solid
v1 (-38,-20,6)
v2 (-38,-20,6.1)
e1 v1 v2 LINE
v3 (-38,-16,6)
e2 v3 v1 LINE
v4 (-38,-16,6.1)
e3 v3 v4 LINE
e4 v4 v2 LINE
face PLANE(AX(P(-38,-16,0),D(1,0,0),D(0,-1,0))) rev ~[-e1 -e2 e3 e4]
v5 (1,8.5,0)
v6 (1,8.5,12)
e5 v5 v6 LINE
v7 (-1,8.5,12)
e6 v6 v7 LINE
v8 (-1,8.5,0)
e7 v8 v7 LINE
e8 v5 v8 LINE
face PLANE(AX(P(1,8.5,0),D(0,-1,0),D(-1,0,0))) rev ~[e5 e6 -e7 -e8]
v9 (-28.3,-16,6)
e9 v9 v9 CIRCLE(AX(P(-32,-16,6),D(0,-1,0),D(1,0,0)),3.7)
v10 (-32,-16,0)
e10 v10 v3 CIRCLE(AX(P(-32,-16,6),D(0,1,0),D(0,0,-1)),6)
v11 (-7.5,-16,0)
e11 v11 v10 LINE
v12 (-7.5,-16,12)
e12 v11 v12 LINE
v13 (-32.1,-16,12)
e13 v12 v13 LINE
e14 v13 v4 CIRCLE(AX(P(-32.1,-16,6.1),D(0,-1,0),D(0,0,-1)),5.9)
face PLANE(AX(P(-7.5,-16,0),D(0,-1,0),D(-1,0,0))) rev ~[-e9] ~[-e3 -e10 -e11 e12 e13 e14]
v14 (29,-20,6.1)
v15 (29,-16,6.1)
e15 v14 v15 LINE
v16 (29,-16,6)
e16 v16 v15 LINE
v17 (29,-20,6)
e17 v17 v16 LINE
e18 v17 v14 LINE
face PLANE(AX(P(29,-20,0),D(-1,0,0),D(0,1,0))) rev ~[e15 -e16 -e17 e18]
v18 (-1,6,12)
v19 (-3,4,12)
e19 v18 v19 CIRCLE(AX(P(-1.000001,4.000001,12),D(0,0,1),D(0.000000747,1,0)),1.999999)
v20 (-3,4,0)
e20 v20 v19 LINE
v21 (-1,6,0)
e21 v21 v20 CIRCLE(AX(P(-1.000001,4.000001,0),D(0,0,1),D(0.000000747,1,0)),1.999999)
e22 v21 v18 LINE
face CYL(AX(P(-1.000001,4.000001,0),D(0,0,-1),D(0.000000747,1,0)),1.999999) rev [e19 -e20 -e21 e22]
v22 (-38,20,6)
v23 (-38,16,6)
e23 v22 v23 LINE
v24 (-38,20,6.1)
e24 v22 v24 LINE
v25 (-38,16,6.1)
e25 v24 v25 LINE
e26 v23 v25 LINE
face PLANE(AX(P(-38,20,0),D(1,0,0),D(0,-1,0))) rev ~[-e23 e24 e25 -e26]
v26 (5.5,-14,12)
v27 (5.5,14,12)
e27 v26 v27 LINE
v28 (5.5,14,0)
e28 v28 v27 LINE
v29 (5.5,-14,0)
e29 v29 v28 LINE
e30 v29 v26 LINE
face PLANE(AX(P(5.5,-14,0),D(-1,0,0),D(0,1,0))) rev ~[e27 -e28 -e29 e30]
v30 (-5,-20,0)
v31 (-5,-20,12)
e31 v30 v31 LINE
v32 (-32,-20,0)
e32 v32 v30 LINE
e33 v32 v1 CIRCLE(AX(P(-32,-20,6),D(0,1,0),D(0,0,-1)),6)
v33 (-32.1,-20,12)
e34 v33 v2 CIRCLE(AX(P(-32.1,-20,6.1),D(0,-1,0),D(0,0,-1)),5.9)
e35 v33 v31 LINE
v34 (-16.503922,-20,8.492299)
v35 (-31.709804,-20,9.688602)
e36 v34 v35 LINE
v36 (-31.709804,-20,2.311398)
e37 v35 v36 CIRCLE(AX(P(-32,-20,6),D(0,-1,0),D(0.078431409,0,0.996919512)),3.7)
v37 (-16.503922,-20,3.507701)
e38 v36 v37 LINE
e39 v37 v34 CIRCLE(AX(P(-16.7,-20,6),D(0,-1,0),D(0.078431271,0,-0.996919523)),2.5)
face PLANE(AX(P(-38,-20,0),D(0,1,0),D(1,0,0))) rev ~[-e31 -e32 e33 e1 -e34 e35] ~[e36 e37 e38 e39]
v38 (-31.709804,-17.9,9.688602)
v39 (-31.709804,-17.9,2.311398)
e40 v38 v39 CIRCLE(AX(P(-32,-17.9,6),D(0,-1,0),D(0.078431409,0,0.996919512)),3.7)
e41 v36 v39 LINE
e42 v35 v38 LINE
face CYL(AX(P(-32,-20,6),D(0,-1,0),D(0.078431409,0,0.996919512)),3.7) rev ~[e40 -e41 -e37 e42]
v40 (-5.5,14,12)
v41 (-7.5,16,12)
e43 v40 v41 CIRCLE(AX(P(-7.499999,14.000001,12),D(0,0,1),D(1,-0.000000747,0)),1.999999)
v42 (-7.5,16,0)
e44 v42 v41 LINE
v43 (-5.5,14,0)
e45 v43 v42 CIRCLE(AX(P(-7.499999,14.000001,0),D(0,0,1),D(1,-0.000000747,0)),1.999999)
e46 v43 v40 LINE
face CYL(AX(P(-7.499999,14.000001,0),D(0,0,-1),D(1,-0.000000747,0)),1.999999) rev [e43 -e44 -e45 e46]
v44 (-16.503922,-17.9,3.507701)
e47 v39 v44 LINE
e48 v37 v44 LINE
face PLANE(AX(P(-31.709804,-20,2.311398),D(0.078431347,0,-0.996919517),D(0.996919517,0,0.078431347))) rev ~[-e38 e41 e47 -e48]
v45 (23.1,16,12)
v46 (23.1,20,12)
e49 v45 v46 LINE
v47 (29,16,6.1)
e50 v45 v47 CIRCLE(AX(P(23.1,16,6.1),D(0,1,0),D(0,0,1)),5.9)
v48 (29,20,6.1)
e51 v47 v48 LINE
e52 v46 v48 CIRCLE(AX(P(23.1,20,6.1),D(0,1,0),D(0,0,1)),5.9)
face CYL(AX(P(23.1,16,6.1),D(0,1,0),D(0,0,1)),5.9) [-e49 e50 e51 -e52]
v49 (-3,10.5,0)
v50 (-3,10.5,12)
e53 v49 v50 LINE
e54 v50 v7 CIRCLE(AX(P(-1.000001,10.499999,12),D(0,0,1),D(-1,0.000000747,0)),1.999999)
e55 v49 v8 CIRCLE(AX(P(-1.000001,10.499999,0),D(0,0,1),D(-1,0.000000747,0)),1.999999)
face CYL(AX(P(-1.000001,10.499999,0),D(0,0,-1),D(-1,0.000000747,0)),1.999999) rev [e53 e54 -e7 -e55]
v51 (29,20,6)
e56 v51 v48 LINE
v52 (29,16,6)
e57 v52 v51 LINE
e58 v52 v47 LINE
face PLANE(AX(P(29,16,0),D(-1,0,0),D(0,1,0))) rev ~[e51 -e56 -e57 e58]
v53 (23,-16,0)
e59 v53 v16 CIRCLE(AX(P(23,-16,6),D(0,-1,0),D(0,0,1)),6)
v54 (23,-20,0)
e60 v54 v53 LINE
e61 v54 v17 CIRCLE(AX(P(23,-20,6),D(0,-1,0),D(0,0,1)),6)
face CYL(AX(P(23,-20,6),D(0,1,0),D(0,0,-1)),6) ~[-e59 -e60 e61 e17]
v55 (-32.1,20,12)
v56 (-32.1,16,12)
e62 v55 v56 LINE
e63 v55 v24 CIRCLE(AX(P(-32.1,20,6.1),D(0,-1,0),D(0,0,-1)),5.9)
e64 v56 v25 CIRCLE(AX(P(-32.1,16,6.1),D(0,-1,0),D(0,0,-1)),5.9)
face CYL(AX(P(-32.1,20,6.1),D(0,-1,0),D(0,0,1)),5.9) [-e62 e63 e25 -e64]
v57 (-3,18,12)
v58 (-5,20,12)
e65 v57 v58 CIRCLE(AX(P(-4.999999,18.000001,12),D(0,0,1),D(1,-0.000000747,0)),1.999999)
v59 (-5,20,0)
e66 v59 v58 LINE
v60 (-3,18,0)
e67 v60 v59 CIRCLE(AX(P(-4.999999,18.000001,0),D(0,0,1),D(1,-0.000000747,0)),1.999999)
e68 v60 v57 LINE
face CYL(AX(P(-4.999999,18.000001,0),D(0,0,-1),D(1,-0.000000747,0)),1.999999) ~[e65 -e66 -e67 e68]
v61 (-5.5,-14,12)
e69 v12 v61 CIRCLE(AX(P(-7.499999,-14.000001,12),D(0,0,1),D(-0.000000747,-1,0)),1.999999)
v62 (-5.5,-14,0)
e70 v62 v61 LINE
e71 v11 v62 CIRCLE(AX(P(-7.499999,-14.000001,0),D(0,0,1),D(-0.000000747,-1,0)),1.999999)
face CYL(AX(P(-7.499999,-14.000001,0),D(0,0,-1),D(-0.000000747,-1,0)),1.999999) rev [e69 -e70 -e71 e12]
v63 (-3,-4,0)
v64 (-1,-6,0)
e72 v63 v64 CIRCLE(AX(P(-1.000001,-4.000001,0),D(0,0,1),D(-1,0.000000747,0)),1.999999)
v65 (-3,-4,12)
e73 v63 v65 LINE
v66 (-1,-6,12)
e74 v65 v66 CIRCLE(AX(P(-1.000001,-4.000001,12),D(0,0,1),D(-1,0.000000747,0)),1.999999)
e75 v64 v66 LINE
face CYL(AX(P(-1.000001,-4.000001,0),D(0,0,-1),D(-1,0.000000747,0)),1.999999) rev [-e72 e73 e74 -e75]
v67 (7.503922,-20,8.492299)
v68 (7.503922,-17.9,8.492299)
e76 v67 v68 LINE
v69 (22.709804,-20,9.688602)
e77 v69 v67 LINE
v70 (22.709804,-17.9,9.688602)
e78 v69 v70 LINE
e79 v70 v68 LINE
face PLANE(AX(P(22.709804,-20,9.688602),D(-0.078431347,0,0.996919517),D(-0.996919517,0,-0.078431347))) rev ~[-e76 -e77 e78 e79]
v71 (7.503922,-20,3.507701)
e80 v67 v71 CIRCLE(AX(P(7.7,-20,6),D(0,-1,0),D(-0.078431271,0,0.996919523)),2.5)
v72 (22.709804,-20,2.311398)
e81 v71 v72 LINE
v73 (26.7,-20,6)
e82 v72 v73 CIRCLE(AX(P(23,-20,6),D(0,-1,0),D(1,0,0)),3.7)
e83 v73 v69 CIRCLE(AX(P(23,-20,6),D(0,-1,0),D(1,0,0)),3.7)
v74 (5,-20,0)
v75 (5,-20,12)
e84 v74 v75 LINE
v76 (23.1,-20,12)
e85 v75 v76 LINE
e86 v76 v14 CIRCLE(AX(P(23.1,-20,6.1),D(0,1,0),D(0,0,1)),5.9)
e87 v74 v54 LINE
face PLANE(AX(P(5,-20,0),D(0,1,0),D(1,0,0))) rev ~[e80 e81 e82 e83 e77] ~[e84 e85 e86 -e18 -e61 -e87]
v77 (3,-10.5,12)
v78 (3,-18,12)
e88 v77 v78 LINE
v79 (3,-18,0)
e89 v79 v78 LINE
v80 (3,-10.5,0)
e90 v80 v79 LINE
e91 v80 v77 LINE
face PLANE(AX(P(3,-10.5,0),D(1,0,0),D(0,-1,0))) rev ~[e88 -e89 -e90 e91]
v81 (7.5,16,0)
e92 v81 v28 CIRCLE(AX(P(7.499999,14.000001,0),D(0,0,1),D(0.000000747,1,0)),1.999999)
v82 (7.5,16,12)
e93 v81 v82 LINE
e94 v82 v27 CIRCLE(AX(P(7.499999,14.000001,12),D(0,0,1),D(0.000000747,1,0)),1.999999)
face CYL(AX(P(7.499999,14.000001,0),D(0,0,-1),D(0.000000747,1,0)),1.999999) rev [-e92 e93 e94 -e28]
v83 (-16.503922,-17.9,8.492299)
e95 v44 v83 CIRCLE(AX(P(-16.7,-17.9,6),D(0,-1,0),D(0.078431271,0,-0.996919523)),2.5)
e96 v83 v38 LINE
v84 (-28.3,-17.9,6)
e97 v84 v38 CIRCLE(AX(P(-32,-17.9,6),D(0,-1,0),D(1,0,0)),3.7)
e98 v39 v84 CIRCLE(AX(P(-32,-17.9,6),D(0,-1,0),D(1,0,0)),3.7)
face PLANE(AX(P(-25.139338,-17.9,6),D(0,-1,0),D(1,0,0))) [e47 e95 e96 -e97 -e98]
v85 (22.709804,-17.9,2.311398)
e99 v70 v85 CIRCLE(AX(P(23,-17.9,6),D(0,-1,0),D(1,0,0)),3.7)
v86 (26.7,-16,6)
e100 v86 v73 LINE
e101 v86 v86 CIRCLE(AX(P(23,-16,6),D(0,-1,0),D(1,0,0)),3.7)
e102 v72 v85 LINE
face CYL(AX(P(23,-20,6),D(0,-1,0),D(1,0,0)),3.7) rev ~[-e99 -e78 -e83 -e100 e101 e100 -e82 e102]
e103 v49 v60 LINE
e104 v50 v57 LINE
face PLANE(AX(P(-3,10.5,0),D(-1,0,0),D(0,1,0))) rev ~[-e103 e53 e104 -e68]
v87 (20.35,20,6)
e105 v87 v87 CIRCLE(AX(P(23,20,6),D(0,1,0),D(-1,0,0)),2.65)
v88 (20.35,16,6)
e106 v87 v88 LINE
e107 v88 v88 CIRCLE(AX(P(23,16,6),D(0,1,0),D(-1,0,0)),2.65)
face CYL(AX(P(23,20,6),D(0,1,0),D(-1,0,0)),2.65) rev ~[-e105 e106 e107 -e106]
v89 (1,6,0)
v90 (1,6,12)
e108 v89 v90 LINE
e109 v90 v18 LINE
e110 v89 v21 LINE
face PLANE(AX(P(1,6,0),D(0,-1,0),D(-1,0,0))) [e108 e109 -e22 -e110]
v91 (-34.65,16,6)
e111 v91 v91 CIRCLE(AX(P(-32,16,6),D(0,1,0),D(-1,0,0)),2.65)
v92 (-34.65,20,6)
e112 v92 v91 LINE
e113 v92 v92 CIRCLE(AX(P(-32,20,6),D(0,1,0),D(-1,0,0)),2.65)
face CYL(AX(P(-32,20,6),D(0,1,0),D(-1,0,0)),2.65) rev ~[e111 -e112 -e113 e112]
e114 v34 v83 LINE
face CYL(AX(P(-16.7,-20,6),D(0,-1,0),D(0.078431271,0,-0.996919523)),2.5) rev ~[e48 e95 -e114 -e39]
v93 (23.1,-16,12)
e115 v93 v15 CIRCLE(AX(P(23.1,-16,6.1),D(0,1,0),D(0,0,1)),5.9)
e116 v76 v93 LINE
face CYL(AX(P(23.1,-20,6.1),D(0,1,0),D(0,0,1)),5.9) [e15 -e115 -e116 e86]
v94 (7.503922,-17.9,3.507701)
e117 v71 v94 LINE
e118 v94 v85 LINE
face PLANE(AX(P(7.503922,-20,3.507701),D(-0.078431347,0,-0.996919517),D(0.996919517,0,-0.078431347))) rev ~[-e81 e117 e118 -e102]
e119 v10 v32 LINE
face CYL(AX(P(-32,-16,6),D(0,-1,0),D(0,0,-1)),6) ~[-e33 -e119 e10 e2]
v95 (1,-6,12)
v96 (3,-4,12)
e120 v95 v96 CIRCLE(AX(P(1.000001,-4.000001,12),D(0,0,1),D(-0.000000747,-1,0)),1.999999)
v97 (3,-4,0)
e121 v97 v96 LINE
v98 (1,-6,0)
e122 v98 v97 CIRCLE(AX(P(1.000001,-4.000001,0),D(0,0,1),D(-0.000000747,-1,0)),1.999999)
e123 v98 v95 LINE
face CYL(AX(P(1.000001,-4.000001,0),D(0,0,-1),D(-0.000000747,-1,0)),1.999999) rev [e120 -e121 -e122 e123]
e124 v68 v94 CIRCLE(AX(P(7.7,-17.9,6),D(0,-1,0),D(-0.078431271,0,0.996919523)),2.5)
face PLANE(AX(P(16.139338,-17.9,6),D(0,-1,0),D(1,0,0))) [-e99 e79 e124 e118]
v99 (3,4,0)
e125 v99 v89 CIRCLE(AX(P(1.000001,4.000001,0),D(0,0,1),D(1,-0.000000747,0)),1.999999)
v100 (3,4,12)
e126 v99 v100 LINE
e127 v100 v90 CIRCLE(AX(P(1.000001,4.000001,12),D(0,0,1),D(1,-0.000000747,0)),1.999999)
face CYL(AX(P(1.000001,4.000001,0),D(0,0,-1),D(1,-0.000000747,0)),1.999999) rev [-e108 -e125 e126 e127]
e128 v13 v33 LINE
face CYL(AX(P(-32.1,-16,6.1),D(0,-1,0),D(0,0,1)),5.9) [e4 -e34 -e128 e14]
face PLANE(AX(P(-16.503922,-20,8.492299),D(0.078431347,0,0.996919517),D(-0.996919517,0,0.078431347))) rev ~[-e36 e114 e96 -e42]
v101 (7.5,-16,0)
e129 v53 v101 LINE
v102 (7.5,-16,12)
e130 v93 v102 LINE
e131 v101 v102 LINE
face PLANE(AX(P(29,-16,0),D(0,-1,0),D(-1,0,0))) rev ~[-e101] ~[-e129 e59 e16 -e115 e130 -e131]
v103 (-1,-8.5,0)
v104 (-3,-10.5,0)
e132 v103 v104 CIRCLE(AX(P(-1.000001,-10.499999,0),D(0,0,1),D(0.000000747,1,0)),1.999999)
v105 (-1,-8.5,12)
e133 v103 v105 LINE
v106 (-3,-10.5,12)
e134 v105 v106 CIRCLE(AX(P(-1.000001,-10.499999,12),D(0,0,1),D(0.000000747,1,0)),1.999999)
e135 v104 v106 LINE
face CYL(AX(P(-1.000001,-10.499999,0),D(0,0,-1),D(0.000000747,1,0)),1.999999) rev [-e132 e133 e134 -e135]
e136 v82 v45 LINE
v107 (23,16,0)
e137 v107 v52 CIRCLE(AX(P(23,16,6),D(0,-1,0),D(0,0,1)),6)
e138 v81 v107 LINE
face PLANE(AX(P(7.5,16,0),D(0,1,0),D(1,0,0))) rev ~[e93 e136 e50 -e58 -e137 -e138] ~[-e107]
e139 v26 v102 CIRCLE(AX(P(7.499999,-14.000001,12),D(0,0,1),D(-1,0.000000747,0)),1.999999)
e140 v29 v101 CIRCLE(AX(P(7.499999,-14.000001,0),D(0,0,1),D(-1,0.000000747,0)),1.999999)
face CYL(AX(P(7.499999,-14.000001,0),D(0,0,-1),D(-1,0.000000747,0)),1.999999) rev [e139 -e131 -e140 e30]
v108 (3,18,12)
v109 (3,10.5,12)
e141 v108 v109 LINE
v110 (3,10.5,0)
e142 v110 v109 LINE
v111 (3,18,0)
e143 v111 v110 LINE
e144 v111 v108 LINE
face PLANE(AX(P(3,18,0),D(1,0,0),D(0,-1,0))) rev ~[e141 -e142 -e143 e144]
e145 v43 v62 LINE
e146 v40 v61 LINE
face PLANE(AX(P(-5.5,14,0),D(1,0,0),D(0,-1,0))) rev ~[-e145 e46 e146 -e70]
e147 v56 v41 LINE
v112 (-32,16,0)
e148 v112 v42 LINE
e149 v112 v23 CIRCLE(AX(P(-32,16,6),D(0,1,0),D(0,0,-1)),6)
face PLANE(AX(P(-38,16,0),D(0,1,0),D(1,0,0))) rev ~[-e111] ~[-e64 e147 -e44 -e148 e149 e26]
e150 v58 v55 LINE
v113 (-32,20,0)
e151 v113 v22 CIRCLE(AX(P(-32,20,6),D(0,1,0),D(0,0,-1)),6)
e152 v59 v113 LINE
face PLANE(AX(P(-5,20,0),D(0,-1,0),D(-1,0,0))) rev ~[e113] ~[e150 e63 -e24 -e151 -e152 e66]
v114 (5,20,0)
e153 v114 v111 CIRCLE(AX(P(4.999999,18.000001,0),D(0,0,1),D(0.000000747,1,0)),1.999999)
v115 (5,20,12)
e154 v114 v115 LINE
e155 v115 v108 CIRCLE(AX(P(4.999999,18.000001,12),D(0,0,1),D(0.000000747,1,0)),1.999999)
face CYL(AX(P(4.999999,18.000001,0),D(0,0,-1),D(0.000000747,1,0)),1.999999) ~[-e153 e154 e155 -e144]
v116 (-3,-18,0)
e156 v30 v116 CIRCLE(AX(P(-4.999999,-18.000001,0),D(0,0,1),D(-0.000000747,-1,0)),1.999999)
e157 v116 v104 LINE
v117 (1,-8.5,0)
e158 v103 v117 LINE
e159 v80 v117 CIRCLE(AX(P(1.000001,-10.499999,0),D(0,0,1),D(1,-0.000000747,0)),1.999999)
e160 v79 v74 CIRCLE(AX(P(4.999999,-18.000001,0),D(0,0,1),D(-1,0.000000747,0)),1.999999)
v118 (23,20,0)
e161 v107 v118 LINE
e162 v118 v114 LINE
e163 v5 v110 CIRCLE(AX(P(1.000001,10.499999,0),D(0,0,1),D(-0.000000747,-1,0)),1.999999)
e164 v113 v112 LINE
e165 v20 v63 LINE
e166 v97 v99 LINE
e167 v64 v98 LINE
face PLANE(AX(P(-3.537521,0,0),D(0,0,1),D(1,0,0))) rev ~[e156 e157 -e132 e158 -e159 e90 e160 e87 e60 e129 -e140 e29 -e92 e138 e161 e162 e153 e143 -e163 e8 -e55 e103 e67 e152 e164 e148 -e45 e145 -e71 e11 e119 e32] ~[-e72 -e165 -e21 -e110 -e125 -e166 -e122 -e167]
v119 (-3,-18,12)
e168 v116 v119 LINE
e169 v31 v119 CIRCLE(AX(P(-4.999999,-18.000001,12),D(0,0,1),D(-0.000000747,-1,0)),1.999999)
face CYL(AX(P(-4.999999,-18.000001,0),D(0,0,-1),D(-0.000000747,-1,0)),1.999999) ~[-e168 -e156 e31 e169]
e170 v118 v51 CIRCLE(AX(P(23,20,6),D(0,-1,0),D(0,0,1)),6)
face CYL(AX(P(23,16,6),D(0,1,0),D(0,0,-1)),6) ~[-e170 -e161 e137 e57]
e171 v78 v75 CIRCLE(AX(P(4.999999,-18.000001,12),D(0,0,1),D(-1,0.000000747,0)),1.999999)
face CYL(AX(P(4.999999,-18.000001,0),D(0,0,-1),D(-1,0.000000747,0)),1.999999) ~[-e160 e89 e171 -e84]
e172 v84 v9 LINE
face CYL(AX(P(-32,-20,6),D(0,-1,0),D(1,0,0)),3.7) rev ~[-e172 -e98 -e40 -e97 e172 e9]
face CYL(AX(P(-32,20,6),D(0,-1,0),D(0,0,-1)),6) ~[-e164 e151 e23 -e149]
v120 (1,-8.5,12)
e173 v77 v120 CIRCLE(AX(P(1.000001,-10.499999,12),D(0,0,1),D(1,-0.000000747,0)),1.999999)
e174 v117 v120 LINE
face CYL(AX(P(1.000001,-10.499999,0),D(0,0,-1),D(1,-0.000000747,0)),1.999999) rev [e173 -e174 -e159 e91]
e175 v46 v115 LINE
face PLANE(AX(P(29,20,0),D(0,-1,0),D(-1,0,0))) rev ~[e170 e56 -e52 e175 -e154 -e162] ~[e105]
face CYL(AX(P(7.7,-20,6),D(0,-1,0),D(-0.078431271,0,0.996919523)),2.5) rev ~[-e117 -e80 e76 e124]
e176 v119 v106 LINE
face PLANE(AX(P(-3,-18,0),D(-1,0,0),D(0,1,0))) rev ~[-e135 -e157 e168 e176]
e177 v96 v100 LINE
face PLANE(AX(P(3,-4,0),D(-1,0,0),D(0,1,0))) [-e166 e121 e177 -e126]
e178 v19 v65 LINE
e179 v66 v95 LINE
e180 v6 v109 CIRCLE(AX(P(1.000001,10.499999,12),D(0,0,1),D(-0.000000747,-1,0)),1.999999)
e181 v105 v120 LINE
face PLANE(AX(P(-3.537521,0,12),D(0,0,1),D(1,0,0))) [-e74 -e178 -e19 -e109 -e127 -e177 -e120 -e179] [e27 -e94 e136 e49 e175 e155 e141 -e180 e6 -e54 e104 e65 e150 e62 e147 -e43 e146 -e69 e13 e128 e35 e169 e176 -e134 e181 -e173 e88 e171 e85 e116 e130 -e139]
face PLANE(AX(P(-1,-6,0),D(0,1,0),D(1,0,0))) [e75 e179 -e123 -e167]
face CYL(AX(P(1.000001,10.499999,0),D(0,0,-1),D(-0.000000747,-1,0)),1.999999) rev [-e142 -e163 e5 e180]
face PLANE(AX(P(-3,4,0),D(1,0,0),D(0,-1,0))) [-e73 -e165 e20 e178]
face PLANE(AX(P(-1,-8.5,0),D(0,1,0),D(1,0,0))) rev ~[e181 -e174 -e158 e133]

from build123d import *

# Parameters (mm, degrees)
PAD_DEPTH       = 12
SKETCH001_R     = 3.7
POCKET_DEPTH    = 5
POCKET001_DEPTH = 2.1
SKETCH003_R     = 2.65
POCKET002_DEPTH = 5
FILLET_R        = 6
FILLET001_R     = 6
FILLET002_R     = 6
FILLET003_R     = 6
FILLET004_R     = 5.9
FILLET005_R     = 5.9
FILLET006_R     = 5.9
FILLET007_R     = 5.9


with BuildPart() as part:
    # Sketch → Pad (new body)
    with BuildSketch(Plane.XY):
        with BuildLine():
            Line((-3, 10.5), (-3, 18))
            ThreePointArc((-3, 18), (-3.585786, 19.414214), (-5, 20))
            Line((-5, 20), (-38, 20))
            Line((-38, 20), (-38, 16))
            Line((-38, 16), (-7.5, 16))
            ThreePointArc((-5.5, 14), (-6.085786, 15.414214), (-7.5, 16))
            Line((-5.5, 14), (-5.5, -14))
            ThreePointArc((-7.5, -16), (-6.085786, -15.414214), (-5.5, -14))
            Line((-7.5, -16), (-38, -16))
            Line((-38, -16), (-38, -20))
            Line((-38, -20), (-5, -20))
            ThreePointArc((-5, -20), (-3.585786, -19.414214), (-3, -18))
            Line((-3, -18), (-3, -10.5))
            ThreePointArc((-1, -8.5), (-2.414214, -9.085786), (-3, -10.5))
            Line((-1, -8.5), (1, -8.5))
            ThreePointArc((3, -10.5), (2.414214, -9.085786), (1, -8.5))
            Line((3, -10.5), (3, -18))
            ThreePointArc((3, -18), (3.585786, -19.414214), (5, -20))
            Line((5, -20), (29, -20))
            Line((29, -20), (29, -16))
            Line((29, -16), (7.5, -16))
            ThreePointArc((5.5, -14), (6.085786, -15.414214), (7.5, -16))
            Line((5.5, -14), (5.5, 14))
            ThreePointArc((7.5, 16), (6.085786, 15.414214), (5.5, 14))
            Line((7.5, 16), (29, 16))
            Line((29, 16), (29, 20))
            Line((29, 20), (5, 20))
            ThreePointArc((5, 20), (3.585786, 19.414214), (3, 18))
            Line((3, 18), (3, 10.5))
            ThreePointArc((1, 8.5), (2.414214, 9.085786), (3, 10.5))
            Line((1, 8.5), (-1, 8.5))
            ThreePointArc((-3, 10.5), (-2.414214, 9.085786), (-1, 8.5))
        make_face()
        with BuildLine():
            Line((3, -4), (3, 4))
            ThreePointArc((3, 4), (2.414214, 5.414214), (1, 6))
            Line((1, 6), (-1, 6))
            ThreePointArc((-1, 6), (-2.414214, 5.414214), (-3, 4))
            Line((-3, 4), (-3, -4))
            ThreePointArc((-3, -4), (-2.414214, -5.414214), (-1, -6))
            Line((-1, -6), (1, -6))
            ThreePointArc((1, -6), (2.414214, -5.414214), (3, -4))
        make_face(mode=Mode.SUBTRACT)
    extrude(amount=PAD_DEPTH)

    # Sketch001 (on Face11 of Pad) → Pocket (cut)
    with BuildSketch(Plane.XZ.offset(20)):
        with Locations((-32, 6)):
            Circle(SKETCH001_R)
        with Locations((23, 6)):
            Circle(SKETCH001_R)
    extrude(amount=-POCKET_DEPTH, mode=Mode.SUBTRACT)

    # Sketch002 (on Face23 of Pocket) → Pocket001 (cut)
    with BuildSketch(Plane.XZ.offset(20)):
        with BuildLine():
            ThreePointArc((-31.709804, 9.688602), (-35.7, 6), (-31.709804, 2.311398))
            Line((-31.709804, 2.311398), (-16.503922, 3.507701))
            ThreePointArc((-16.503922, 3.507701), (-14.2, 6), (-16.503922, 8.492299))
            Line((-16.503922, 8.492299), (-31.709804, 9.688602))
        make_face()
        with BuildLine():
            ThreePointArc((22.709804, 2.311398), (26.7, 6), (22.709804, 9.688602))
            Line((22.709804, 9.688602), (7.503922, 8.492299))
            ThreePointArc((7.503922, 8.492299), (5.2, 6), (7.503922, 3.507701))
            Line((7.503922, 3.507701), (22.709804, 2.311398))
        make_face()
    extrude(amount=-POCKET001_DEPTH, mode=Mode.SUBTRACT)

    # Sketch003 (on Face31 of Pocket001) → Pocket002 (cut)
    with BuildSketch(Plane(origin=(0, 20, 0), x_dir=(-1, 0, 0), z_dir=(0, 1, 0))):
        with Locations((-23, 6)):
            Circle(SKETCH003_R)
        with Locations((32, 6)):
            Circle(SKETCH003_R)
    extrude(amount=-POCKET002_DEPTH, mode=Mode.SUBTRACT)

    # Fillet
    fillet_edges = [part.edges().sort_by_distance(p)[0] for p in [
        (29, 18, 0),
    ]]
    fillet(fillet_edges, radius=FILLET_R)

    # Fillet001
    fillet001_edges = [part.edges().sort_by_distance(p)[0] for p in [
        (29, -18, 0),
    ]]
    fillet(fillet001_edges, radius=FILLET001_R)

    # Fillet002
    fillet002_edges = [part.edges().sort_by_distance(p)[0] for p in [
        (-38, -18, 0),
    ]]
    fillet(fillet002_edges, radius=FILLET002_R)

    # Fillet003
    fillet003_edges = [part.edges().sort_by_distance(p)[0] for p in [
        (-38, 18, 0),
    ]]
    fillet(fillet003_edges, radius=FILLET003_R)

    # Fillet004
    fillet004_edges = [part.edges().sort_by_distance(p)[0] for p in [
        (29, -18, 12),
    ]]
    fillet(fillet004_edges, radius=FILLET004_R)

    # Fillet005
    fillet005_edges = [part.edges().sort_by_distance(p)[0] for p in [
        (29, 18, 12),
    ]]
    fillet(fillet005_edges, radius=FILLET005_R)

    # Fillet006
    fillet006_edges = [part.edges().sort_by_distance(p)[0] for p in [
        (-38, 18, 12),
    ]]
    fillet(fillet006_edges, radius=FILLET006_R)

    # Fillet007
    fillet007_edges = [part.edges().sort_by_distance(p)[0] for p in [
        (-38, -18, 12),
    ]]
    fillet(fillet007_edges, radius=FILLET007_R)


solid = part.part
